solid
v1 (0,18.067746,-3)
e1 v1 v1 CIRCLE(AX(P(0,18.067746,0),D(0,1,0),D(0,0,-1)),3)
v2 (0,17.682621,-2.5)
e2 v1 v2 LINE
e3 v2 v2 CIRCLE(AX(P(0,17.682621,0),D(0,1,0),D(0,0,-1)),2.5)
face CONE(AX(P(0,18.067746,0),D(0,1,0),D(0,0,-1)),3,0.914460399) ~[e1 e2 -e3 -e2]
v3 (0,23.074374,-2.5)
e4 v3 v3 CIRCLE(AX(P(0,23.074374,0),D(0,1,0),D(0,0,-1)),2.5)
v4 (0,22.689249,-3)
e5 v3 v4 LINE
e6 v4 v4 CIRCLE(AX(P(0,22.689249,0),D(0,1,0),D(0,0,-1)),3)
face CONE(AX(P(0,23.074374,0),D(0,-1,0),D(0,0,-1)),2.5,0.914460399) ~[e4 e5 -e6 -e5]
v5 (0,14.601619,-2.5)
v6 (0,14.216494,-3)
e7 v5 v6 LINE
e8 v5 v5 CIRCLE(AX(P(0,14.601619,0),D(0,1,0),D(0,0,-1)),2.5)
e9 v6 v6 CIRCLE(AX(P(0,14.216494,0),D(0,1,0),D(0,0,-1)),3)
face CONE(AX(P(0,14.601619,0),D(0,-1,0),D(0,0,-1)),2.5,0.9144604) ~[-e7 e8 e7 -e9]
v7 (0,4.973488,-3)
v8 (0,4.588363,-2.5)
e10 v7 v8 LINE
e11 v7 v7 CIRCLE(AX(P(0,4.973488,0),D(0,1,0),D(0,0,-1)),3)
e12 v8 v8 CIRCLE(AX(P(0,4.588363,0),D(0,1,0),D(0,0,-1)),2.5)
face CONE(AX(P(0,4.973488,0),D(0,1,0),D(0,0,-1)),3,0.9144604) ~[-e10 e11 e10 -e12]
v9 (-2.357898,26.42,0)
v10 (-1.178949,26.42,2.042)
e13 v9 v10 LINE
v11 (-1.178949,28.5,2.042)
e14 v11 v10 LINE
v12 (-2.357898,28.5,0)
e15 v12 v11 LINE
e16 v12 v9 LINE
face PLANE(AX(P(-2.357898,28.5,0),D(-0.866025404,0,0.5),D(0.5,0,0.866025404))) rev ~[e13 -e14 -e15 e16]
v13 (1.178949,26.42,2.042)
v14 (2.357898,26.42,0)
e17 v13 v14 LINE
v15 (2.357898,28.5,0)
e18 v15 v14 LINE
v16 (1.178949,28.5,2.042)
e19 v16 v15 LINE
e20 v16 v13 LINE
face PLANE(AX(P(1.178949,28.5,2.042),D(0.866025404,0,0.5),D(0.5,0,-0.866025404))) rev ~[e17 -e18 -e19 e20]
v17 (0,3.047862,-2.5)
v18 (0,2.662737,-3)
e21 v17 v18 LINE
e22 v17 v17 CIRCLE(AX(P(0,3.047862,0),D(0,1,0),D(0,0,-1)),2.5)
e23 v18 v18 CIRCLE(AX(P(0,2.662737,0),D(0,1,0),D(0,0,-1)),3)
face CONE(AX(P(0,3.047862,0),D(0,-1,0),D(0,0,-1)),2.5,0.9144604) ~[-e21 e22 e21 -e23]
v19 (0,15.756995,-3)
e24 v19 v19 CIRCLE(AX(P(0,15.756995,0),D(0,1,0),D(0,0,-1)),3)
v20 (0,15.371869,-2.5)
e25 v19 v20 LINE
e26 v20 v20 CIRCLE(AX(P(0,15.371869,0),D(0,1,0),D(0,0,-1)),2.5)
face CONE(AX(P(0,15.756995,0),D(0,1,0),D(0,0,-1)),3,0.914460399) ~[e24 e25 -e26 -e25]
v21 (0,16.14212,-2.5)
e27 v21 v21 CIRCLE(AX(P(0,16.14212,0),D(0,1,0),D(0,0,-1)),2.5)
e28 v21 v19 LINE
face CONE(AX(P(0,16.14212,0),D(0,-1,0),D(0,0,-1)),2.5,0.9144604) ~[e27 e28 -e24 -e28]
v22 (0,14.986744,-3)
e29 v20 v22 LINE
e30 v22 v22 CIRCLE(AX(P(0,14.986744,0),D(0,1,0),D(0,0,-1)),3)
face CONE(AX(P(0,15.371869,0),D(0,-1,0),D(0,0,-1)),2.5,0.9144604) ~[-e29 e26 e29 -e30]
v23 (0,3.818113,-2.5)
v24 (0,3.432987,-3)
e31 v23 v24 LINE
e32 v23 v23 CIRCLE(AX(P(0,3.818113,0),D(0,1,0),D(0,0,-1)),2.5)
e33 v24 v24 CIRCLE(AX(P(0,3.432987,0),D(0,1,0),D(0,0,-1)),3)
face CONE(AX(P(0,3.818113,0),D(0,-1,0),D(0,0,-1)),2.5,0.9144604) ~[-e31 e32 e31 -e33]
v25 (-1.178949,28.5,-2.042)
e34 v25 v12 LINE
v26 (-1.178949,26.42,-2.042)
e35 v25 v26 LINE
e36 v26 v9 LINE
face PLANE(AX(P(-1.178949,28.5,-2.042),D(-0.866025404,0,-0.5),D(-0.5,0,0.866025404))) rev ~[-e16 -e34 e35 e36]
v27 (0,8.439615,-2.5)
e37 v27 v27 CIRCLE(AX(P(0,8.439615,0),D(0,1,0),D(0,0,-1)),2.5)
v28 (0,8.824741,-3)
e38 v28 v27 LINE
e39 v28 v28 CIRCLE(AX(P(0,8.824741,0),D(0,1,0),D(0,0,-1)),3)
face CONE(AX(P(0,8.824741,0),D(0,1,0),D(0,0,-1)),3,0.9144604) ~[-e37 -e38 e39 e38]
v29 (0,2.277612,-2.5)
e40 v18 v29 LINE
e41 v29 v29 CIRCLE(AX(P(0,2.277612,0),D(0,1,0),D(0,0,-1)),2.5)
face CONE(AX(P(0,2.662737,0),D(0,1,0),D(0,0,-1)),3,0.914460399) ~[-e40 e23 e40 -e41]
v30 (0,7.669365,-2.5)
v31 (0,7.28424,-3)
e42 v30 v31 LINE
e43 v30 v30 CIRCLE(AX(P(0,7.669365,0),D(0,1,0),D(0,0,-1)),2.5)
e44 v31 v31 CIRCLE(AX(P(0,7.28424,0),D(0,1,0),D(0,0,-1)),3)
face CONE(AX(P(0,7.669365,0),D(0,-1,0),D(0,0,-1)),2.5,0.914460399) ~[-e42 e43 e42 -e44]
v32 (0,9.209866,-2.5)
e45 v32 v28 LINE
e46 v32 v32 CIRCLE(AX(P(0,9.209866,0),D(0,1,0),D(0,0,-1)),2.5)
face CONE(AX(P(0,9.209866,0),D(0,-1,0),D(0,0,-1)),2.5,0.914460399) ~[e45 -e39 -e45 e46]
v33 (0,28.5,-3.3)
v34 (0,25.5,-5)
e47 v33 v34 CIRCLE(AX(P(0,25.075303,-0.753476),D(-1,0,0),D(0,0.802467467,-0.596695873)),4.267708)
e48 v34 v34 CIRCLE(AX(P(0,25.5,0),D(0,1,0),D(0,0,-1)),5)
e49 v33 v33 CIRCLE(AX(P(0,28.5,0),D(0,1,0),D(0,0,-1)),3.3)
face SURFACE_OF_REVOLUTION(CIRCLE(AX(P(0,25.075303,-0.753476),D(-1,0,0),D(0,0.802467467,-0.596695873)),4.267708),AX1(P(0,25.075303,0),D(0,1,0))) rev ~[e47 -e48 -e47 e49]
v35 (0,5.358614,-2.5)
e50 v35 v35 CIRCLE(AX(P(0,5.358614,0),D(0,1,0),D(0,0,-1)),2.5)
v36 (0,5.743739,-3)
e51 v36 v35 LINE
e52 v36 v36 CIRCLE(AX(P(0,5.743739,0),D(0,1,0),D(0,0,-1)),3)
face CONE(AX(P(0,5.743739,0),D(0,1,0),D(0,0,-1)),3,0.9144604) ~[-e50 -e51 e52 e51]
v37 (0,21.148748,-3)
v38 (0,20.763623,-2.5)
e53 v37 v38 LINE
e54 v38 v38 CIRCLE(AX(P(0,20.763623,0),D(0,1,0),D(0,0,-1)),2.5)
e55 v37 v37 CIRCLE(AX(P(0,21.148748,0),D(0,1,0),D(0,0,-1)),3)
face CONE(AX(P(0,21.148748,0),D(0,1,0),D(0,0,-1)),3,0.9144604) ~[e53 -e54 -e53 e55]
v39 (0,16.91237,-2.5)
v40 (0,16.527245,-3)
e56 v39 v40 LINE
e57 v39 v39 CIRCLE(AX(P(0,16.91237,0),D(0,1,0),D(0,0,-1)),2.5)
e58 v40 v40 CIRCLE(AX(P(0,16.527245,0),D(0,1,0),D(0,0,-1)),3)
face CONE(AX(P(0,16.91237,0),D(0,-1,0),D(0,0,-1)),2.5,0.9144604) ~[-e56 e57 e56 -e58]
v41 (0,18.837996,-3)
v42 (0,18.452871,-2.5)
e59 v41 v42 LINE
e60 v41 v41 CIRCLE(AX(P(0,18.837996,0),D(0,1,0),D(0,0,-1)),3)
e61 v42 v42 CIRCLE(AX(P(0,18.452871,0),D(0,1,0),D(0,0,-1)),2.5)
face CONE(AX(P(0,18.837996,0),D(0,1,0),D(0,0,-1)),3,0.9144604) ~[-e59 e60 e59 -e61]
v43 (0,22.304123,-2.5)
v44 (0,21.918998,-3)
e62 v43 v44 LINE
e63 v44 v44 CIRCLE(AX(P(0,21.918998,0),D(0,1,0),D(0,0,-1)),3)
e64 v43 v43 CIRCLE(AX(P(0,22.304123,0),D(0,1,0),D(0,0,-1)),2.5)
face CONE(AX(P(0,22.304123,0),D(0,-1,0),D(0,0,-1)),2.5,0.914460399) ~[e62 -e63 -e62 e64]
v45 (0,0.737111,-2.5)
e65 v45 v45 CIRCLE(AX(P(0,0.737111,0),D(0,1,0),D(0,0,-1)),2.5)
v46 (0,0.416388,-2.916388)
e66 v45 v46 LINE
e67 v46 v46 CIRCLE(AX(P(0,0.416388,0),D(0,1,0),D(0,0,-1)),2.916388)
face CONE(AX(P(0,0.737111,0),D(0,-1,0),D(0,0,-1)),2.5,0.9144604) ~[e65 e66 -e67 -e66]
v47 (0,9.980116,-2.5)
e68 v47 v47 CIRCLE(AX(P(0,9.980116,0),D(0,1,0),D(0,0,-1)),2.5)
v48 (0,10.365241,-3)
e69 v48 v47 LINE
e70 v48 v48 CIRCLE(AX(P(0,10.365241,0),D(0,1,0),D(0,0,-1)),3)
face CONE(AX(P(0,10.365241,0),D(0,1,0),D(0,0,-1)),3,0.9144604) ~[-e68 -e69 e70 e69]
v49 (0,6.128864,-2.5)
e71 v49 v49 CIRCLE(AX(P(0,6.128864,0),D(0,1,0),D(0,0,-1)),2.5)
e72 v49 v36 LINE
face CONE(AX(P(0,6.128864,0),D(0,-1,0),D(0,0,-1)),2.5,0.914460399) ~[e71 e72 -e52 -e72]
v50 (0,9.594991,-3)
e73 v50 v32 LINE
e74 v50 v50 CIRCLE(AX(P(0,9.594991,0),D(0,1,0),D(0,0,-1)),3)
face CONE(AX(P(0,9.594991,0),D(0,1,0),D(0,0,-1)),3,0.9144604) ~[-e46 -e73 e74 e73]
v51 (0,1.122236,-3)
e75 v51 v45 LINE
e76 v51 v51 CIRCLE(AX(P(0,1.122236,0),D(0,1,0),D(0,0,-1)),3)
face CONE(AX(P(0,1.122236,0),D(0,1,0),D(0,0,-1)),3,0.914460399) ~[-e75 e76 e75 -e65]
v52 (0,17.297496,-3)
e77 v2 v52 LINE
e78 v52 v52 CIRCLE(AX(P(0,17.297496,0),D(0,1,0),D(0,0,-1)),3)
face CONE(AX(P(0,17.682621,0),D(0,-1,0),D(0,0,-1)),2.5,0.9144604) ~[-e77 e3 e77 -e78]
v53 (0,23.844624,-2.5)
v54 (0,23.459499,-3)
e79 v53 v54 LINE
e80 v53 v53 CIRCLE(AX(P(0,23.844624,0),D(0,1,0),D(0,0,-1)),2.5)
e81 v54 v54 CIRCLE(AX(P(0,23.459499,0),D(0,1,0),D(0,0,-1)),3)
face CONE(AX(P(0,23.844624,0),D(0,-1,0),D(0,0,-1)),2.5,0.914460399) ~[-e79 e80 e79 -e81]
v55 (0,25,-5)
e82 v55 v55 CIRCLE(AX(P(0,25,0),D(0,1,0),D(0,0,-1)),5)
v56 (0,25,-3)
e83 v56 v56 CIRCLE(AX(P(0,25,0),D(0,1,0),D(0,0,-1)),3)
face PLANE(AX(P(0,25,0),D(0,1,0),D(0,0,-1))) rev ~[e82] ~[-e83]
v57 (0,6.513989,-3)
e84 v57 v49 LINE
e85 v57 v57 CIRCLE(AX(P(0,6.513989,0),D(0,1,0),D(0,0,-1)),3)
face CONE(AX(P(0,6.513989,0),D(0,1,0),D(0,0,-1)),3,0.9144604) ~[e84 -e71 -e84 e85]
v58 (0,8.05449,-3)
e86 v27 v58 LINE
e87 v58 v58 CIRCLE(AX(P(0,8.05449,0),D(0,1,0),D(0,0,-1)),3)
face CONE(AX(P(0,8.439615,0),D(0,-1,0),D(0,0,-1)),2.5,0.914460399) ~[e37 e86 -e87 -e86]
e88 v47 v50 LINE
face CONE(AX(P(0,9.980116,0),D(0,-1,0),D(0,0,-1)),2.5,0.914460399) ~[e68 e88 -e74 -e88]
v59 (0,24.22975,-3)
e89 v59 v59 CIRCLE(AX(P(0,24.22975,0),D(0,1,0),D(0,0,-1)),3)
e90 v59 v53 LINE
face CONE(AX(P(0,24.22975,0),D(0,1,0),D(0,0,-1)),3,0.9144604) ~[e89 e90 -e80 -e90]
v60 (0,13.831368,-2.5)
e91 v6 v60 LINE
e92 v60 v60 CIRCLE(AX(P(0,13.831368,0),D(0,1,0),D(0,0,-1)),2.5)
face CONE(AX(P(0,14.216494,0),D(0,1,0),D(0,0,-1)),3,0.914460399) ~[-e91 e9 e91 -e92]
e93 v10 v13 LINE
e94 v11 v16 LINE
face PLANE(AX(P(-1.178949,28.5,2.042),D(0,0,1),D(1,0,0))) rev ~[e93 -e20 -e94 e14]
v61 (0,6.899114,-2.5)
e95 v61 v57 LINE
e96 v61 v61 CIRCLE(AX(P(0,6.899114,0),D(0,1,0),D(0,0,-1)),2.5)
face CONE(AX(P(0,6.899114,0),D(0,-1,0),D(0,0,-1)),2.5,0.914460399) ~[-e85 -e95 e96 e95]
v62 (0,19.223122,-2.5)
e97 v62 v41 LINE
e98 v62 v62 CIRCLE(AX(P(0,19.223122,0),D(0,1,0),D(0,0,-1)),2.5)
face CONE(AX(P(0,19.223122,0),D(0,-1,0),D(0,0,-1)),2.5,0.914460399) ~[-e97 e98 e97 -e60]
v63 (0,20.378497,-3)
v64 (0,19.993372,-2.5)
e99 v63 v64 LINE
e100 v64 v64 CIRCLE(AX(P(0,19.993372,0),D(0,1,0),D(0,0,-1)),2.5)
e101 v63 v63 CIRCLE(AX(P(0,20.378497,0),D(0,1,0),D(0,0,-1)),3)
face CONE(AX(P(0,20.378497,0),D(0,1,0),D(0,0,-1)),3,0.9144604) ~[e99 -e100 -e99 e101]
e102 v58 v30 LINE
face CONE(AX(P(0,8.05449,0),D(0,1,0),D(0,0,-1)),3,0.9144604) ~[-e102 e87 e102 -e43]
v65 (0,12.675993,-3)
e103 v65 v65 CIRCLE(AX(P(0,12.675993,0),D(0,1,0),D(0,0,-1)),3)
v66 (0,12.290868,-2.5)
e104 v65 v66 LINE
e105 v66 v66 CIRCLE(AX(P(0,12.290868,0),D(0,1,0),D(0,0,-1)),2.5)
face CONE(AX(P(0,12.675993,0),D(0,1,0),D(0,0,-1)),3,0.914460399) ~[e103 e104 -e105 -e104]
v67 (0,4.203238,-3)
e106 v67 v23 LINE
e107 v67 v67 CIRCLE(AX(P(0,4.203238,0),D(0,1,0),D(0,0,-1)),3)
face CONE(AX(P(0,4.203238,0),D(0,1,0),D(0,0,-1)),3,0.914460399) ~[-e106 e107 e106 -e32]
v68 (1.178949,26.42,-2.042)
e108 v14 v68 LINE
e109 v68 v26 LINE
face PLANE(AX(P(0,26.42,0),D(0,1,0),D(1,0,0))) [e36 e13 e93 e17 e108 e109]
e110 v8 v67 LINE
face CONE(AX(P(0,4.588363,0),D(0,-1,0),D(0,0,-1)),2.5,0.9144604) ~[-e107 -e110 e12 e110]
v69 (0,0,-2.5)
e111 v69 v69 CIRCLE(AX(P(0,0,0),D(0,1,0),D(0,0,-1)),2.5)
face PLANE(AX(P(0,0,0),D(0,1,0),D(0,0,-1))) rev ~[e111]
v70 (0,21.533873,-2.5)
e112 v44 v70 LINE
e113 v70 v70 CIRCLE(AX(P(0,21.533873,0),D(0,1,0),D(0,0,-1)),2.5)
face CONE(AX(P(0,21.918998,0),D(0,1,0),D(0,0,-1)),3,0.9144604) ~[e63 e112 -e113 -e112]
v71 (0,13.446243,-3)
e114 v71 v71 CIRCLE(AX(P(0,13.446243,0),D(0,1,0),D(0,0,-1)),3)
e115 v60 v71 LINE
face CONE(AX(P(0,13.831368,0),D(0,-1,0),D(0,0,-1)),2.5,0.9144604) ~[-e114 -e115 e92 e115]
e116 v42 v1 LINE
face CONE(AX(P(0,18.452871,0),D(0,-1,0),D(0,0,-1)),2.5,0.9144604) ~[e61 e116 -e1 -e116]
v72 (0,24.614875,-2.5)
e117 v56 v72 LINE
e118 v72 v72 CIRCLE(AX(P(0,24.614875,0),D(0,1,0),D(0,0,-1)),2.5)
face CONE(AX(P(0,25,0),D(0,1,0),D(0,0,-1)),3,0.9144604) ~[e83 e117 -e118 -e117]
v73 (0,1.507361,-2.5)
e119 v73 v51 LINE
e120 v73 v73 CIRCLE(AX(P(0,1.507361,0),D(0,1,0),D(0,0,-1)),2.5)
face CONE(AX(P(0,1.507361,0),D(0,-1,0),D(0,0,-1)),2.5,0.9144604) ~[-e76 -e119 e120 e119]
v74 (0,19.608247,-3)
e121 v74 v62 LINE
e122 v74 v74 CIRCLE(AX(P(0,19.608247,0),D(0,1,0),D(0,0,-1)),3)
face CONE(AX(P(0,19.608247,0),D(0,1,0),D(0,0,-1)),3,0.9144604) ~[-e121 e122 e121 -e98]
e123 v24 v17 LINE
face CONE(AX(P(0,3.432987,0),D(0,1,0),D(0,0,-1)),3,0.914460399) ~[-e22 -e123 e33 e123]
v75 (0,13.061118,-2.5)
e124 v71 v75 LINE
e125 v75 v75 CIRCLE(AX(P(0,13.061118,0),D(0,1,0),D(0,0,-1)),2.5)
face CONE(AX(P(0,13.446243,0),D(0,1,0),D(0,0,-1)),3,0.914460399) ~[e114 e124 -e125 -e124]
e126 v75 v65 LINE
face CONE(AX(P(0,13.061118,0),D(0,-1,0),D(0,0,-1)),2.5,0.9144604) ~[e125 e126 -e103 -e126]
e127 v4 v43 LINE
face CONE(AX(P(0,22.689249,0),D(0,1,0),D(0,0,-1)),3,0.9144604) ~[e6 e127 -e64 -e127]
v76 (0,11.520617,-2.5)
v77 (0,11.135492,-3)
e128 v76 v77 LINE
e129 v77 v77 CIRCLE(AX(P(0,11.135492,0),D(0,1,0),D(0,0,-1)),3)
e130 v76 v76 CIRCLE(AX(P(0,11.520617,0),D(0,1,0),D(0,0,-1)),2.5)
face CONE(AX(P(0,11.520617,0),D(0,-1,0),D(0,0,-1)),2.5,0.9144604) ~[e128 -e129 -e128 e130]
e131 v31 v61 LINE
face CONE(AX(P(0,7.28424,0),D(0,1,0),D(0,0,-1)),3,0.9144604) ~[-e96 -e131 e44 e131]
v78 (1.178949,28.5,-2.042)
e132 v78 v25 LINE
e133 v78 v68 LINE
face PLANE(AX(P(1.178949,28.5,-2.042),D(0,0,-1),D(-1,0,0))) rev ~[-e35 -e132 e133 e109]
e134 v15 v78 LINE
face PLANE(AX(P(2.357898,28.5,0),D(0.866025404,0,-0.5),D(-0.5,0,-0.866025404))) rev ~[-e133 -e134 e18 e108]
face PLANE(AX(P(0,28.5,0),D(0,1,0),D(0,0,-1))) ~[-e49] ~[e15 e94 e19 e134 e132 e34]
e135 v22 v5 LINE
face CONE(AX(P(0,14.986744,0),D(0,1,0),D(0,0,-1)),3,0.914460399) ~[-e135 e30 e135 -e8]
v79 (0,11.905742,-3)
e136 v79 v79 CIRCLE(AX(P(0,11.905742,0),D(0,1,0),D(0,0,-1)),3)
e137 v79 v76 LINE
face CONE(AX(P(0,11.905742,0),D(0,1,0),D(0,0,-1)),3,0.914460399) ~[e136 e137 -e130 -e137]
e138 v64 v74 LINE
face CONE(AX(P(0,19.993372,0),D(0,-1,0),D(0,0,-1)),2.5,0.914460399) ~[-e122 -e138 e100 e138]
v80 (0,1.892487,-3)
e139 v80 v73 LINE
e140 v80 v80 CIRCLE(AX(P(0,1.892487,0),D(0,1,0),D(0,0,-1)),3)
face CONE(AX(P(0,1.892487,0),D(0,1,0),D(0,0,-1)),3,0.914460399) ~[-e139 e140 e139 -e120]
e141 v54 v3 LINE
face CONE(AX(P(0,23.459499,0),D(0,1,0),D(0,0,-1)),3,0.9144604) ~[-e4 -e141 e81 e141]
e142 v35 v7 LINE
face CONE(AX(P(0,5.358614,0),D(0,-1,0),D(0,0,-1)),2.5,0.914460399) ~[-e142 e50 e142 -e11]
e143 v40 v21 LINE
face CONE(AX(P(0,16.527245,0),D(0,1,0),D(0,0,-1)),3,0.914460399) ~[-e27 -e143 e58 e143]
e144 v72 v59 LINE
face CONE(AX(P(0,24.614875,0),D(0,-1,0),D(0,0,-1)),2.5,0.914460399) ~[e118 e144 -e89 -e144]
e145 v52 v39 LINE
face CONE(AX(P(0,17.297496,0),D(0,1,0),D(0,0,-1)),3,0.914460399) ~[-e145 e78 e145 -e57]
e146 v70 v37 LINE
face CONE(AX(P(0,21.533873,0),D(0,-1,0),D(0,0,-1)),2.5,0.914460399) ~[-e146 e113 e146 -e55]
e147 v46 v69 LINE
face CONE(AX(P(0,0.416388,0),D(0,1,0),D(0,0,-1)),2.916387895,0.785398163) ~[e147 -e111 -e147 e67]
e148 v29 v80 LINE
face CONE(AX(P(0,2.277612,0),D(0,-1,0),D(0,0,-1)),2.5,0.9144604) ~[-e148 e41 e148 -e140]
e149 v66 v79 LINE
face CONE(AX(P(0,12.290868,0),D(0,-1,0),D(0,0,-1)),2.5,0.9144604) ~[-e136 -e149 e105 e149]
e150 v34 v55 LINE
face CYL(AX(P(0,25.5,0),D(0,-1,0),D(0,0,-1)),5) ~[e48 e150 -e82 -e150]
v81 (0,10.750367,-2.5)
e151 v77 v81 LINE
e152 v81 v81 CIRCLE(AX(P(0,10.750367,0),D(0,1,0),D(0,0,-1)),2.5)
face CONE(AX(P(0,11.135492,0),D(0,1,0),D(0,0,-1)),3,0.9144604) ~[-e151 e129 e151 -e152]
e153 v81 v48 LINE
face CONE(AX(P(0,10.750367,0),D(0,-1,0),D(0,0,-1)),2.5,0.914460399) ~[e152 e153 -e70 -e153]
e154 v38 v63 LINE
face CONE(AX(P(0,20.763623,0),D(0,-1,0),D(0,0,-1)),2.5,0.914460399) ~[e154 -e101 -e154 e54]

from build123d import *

# Parameters (mm, degrees)
CUT_EXTRUDE_1_DEPTH = 2.08


with BuildPart() as part:
    # 草图1 → 旋转1 (revolve)
    with BuildSketch(Plane.XY, mode=Mode.PRIVATE) as revolve_1_sk:
        with BuildLine():
            Line((2.5, 0), (0, 0))
            Line((0, 0), (0, 28.5))
            Line((0, 28.5), (3.3, 28.5))
            ThreePointArc((3.3, 28.5), (4.466476871, 27.179336894), (5, 25.5))
            Line((5, 25.5), (5, 25))
            Line((5, 25), (3, 25))
            Line((3, 25), (2.5, 24.614874776))
            Line((2.5, 24.614874776), (3, 24.229749551))
            Line((3, 24.229749551), (2.5, 23.844624327))
            Line((2.5, 23.844624327), (3, 23.459499102))
            Line((3, 23.459499102), (2.5, 23.074373878))
            Line((2.5, 23.074373878), (3, 22.689248653))
            Line((3, 22.689248653), (2.5, 22.304123429))
            Line((2.5, 22.304123429), (3, 21.918998204))
            Line((3, 21.918998204), (2.5, 21.53387298))
            Line((2.5, 21.53387298), (3, 21.148747755))
            Line((3, 21.148747755), (2.5, 20.763622531))
            Line((2.5, 20.763622531), (3, 20.378497306))
            Line((3, 20.378497306), (2.5, 19.993372082))
            Line((2.5, 19.993372082), (3, 19.608246857))
            Line((3, 19.608246857), (2.5, 19.223121633))
            Line((2.5, 19.223121633), (3, 18.837996408))
            Line((3, 18.837996408), (2.5, 18.452871184))
            Line((2.5, 18.452871184), (3, 18.06774596))
            Line((3, 18.06774596), (2.5, 17.682620735))
            Line((2.5, 17.682620735), (3, 17.297495511))
            Line((3, 17.297495511), (2.5, 16.912370286))
            Line((2.5, 16.912370286), (3, 16.527245062))
            Line((3, 16.527245062), (2.5, 16.142119837))
            Line((2.5, 16.142119837), (3, 15.756994613))
            Line((3, 15.756994613), (2.5, 15.371869388))
            Line((2.5, 15.371869388), (3, 14.986744164))
            Line((3, 14.986744164), (2.5, 14.601618939))
            Line((2.5, 14.601618939), (3, 14.216493715))
            Line((3, 14.216493715), (2.5, 13.83136849))
            Line((2.5, 13.83136849), (3, 13.446243266))
            Line((3, 13.446243266), (2.5, 13.061118041))
            Line((2.5, 13.061118041), (3, 12.675992817))
            Line((3, 12.675992817), (2.5, 12.290867592))
            Line((2.5, 12.290867592), (3, 11.905742368))
            Line((3, 11.905742368), (2.5, 11.520617143))
            Line((2.5, 11.520617143), (3, 11.135491919))
            Line((3, 11.135491919), (2.5, 10.750366695))
            Line((2.5, 10.750366695), (3, 10.36524147))
            Line((3, 10.36524147), (2.5, 9.980116246))
            Line((2.5, 9.980116246), (3, 9.594991021))
            Line((3, 9.594991021), (2.5, 9.209865797))
            Line((2.5, 9.209865797), (3, 8.824740572))
            Line((3, 8.824740572), (2.5, 8.439615348))
            Line((2.5, 8.439615348), (3, 8.054490123))
            Line((3, 8.054490123), (2.5, 7.669364899))
            Line((2.5, 7.669364899), (3, 7.284239674))
            Line((3, 7.284239674), (2.5, 6.89911445))
            Line((2.5, 6.89911445), (3, 6.513989225))
            Line((3, 6.513989225), (2.5, 6.128864001))
            Line((2.5, 6.128864001), (3, 5.743738776))
            Line((3, 5.743738776), (2.5, 5.358613552))
            Line((2.5, 5.358613552), (3, 4.973488327))
            Line((3, 4.973488327), (2.5, 4.588363103))
            Line((2.5, 4.588363103), (3, 4.203237879))
            Line((3, 4.203237879), (2.5, 3.818112654))
            Line((2.5, 3.818112654), (3, 3.43298743))
            Line((3, 3.43298743), (2.5, 3.047862205))
            Line((2.5, 3.047862205), (3, 2.662736981))
            Line((3, 2.662736981), (2.5, 2.277611756))
            Line((2.5, 2.277611756), (3, 1.892486532))
            Line((3, 1.892486532), (2.5, 1.507361307))
            Line((2.5, 1.507361307), (3, 1.122236083))
            Line((3, 1.122236083), (2.5, 0.737110858))
            Line((2.5, 0.737110858), (2.916387895, 0.416387895))
            Line((2.916387895, 0.416387895), (2.5, 0))
        make_face()
    revolve(revolve_1_sk.sketch.rotate(Axis((0, 25.075303233, 0), (0, 1, 0)), 90), axis=Axis((0, 25.075303233, 0), (0, 1, 0)))

    # 草图3 → 切除-拉伸1 (cut)
    with BuildSketch(Plane(origin=(0, 28.5, 0), x_dir=(1, 0, 0), z_dir=(0, 1, 0))):
        Polygon((2.357898499, 0), (1.17894925, 2.042), (-1.17894925, 2.042), (-2.357898499, 0), (-1.17894925, -2.042), (1.17894925, -2.042), align=None)
    extrude(amount=-CUT_EXTRUDE_1_DEPTH, mode=Mode.SUBTRACT)


solid = part.part
